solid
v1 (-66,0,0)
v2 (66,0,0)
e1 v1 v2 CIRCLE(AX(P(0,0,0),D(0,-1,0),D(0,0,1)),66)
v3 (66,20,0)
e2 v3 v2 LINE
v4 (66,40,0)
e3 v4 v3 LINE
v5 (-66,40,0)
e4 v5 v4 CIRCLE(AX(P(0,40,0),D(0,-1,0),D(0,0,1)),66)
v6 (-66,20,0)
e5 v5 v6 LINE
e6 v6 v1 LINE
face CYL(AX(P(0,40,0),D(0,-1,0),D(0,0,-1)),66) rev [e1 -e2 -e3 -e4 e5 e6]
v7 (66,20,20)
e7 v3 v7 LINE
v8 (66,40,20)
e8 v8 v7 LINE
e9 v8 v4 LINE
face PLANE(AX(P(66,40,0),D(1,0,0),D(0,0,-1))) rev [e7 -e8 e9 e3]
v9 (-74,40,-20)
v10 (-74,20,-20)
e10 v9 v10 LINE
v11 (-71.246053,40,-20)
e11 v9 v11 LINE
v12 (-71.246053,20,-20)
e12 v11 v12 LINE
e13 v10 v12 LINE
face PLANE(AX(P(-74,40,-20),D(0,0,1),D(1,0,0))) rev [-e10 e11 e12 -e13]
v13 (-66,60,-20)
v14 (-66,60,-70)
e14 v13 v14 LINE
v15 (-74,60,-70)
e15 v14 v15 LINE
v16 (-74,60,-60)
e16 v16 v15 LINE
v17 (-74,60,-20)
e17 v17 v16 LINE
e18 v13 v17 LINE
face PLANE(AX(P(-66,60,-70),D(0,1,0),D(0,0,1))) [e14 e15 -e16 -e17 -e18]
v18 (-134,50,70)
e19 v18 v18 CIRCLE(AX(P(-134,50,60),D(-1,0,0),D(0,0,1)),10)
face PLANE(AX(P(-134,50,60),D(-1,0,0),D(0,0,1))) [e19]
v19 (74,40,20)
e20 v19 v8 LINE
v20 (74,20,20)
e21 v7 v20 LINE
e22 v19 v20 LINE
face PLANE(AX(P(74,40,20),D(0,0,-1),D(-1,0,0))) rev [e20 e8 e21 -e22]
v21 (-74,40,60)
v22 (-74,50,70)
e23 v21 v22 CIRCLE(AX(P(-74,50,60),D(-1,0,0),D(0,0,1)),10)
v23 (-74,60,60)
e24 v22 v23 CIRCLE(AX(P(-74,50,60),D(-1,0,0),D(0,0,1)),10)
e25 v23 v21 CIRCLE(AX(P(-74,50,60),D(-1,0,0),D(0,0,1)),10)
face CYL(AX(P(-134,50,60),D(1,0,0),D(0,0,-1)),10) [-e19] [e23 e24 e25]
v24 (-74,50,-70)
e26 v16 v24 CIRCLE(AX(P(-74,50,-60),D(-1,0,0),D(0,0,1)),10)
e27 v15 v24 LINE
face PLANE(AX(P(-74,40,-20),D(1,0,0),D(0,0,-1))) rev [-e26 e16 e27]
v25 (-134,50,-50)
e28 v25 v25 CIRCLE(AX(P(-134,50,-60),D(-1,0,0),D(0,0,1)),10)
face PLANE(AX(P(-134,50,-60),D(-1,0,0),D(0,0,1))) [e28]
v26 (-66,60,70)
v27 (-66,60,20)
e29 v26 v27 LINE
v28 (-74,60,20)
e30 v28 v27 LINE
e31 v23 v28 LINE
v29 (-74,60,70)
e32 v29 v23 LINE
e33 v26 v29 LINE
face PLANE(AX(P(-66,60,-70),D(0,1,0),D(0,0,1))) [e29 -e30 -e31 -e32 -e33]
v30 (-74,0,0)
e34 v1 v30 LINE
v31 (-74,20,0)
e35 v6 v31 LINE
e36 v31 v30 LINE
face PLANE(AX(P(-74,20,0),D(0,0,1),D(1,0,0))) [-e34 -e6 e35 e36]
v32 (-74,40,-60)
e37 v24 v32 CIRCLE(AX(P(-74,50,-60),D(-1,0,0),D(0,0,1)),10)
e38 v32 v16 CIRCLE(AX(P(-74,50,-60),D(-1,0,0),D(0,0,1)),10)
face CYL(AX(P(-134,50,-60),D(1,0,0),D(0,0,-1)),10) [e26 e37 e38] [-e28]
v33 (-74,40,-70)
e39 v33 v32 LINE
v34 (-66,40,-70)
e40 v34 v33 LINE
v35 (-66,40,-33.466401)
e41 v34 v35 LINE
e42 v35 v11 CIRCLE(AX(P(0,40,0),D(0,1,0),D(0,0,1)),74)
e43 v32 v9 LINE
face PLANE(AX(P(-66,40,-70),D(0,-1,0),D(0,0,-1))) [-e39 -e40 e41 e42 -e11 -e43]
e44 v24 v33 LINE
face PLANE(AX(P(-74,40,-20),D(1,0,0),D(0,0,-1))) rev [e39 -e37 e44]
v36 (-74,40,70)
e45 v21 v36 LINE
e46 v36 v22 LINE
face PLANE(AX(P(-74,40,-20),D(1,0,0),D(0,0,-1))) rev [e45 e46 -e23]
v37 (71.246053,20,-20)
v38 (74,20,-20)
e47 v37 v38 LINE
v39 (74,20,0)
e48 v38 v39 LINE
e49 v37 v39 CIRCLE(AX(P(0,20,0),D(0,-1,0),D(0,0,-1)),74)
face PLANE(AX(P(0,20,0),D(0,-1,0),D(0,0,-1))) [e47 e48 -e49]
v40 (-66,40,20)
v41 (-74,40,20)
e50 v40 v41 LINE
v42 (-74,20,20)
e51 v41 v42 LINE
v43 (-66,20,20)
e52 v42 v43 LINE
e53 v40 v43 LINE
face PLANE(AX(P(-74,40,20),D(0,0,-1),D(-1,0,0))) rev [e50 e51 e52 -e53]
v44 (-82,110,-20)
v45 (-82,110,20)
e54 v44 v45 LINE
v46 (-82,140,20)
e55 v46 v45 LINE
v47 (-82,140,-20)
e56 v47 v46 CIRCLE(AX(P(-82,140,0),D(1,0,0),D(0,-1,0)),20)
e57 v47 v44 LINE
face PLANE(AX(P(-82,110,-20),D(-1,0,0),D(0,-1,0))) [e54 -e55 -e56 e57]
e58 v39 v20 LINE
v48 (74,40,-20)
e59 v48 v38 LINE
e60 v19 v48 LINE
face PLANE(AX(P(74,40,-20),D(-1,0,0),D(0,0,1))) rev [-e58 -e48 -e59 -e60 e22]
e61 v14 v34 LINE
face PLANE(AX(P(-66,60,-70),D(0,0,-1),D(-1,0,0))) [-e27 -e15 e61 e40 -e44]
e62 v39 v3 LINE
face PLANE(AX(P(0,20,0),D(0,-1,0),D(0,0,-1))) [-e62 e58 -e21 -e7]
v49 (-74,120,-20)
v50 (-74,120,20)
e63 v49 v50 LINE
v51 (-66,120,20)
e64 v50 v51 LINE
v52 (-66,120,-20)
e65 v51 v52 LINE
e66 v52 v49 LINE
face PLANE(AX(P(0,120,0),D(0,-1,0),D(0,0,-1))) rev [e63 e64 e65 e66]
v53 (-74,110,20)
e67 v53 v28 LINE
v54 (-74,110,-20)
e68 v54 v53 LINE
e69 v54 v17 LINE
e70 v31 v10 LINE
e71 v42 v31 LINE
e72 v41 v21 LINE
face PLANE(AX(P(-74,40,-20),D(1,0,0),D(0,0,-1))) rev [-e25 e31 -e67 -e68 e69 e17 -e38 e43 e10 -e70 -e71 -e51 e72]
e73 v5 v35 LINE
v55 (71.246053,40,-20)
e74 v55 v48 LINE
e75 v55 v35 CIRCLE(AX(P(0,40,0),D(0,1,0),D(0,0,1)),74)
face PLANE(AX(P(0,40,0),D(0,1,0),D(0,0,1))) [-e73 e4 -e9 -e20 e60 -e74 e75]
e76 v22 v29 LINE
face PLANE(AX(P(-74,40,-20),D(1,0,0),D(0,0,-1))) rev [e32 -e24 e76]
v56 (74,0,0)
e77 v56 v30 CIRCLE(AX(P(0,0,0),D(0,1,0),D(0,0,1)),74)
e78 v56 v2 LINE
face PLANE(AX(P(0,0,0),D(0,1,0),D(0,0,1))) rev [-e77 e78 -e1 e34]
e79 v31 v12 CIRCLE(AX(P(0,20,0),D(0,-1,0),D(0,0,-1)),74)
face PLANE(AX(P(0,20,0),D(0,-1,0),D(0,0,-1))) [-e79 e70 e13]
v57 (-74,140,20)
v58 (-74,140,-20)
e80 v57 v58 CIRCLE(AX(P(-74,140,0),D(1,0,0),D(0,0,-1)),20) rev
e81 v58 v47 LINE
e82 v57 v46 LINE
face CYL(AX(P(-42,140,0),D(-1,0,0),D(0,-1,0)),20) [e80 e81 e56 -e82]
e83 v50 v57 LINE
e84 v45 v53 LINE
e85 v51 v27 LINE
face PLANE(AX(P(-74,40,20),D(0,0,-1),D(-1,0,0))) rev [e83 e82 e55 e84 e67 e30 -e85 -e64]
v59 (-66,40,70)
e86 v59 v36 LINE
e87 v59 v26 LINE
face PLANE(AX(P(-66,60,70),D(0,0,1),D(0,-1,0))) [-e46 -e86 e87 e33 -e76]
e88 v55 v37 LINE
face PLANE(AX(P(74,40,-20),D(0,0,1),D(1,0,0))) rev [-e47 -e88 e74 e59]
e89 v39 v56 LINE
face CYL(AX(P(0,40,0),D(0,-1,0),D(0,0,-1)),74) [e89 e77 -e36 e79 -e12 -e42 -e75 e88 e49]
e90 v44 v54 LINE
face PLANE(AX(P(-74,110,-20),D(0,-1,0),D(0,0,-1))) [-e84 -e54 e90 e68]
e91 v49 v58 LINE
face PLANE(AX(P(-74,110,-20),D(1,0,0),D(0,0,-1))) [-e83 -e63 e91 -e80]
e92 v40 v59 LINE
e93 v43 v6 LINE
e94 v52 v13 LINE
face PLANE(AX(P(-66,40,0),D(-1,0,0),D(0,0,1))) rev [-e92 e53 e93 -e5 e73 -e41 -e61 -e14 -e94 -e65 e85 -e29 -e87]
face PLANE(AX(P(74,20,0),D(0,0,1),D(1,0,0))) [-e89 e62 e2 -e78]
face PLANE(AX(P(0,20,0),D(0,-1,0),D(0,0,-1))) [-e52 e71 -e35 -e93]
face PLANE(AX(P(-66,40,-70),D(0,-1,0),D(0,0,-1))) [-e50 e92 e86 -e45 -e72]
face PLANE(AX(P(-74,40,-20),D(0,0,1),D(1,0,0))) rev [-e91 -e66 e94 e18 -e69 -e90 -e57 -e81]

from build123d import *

# Parameters (mm, degrees)
EXTRUDE_1_DEPTH     = 40
SKETCH_2_W          = 8
SKETCH_2_H          = 40
EXTRUDE_2_DEPTH     = 80
SKETCH_5_W          = 87.00766185
SKETCH_5_H          = 115.01495327
CUT_EXTRUDE_2_DEPTH = 10
SKETCH_6_R          = 85.063361003
CUT_EXTRUDE_3_DEPTH = 20
SKETCH_7_W          = 140
SKETCH_7_H          = 20
EXTRUDE_3_DEPTH     = 8
SKETCH_9_R          = 10
EXTRUDE_4_DEPTH     = 60
SKETCH_10_W         = 8
SKETCH_10_H         = 50
EXTRUDE_5_DEPTH     = 40
CUT_EXTRUDE_4_DEPTH = 40


with BuildPart() as part:
    # 草图1 → 凸台-拉伸1 (new body)
    with BuildSketch(Plane(origin=(0, 0, 0), x_dir=(1, 0, 0), z_dir=(0, 1, 0))):
        with BuildLine():
            Line((-74, 20), (-71.246052522, 20))
            ThreePointArc((-71.246052522, 20), (0, 74), (71.246052522, 20))
            Line((71.246052522, 20), (74, 20))
            Line((74, 20), (74, -20))
            Line((74, -20), (66, -20))
            Line((66, -20), (66, 0))
            ThreePointArc((66, 0), (0, 66), (-66, 0))
            Line((-66, 0), (-66, -20))
            Line((-66, -20), (-74, -20))
            Line((-74, -20), (-74, 20))
        make_face()
    extrude(amount=EXTRUDE_1_DEPTH)

    # 草图2 → 凸台-拉伸2 (add)
    with BuildSketch(Plane(origin=(0, 40, 0), x_dir=(1, 0, 0), z_dir=(0, 1, 0))):
        with Locations((-70, 0)):
            Rectangle(SKETCH_2_W, SKETCH_2_H)
        with Locations((70, 0)):
            Rectangle(SKETCH_2_W, SKETCH_2_H)
    extrude(amount=EXTRUDE_2_DEPTH)

    # 草图5 → 切除-拉伸2 (cut)
    with BuildSketch(Plane(origin=(74, 0, 0), x_dir=(0, 0, -1), z_dir=(1, 0, 0))):
        with Locations((-23.503830925, 97.507476635)):
            Rectangle(SKETCH_5_W, SKETCH_5_H)
    extrude(amount=-CUT_EXTRUDE_2_DEPTH, mode=Mode.SUBTRACT)

    # 草图6 → 切除-拉伸3 (cut)
    with BuildSketch(Plane.XZ):
        Circle(SKETCH_6_R)
        with BuildLine():
            Line((-71.246052522, 20), (-66, 20))
            Line((-66, 20), (-66, 0))
            Line((-66, 0), (-74, 0))
            ThreePointArc((-74, 0), (0, -74), (74, 0))
            Line((74, 0), (66, 0))
            Line((66, 0), (66, 20))
            Line((66, 20), (71.246052522, 20))
            ThreePointArc((71.246052522, 20), (0, 74), (-71.246052522, 20))
        make_face(mode=Mode.SUBTRACT)
    extrude(amount=-CUT_EXTRUDE_3_DEPTH, mode=Mode.SUBTRACT)

    # 草图7 → 凸台-拉伸3 (add)
    with BuildSketch(Plane.ZY.offset(74)):
        with Locations((0, 50)):
            Rectangle(SKETCH_7_W, SKETCH_7_H)
    extrude(amount=-EXTRUDE_3_DEPTH)

    # 草图9 → 凸台-拉伸4 (add)
    with BuildSketch(Plane.ZY.offset(74)):
        with Locations((-60, 50)):
            Circle(SKETCH_9_R)
        with Locations((60, 50)):
            Circle(SKETCH_9_R)
    extrude(amount=EXTRUDE_4_DEPTH)

    # 草图10 → 凸台-拉伸5 (add)
    with BuildSketch(Plane.XY.offset(20)):
        with Locations((-78, 135)):
            Rectangle(SKETCH_10_W, SKETCH_10_H)
    extrude(amount=-EXTRUDE_5_DEPTH)

    # 草图11 → 切除-拉伸4 (cut)
    with BuildSketch(Plane.ZY.offset(82)):
        with BuildLine():
            Line((-20, 140), (-20, 168.258518719))
            Line((-20, 168.258518719), (20, 168.258518719))
            Line((20, 168.258518719), (20, 140))
            ThreePointArc((20, 140), (0, 160), (-20, 140))
        make_face()
    extrude(amount=-CUT_EXTRUDE_4_DEPTH, mode=Mode.SUBTRACT)


solid = part.part
